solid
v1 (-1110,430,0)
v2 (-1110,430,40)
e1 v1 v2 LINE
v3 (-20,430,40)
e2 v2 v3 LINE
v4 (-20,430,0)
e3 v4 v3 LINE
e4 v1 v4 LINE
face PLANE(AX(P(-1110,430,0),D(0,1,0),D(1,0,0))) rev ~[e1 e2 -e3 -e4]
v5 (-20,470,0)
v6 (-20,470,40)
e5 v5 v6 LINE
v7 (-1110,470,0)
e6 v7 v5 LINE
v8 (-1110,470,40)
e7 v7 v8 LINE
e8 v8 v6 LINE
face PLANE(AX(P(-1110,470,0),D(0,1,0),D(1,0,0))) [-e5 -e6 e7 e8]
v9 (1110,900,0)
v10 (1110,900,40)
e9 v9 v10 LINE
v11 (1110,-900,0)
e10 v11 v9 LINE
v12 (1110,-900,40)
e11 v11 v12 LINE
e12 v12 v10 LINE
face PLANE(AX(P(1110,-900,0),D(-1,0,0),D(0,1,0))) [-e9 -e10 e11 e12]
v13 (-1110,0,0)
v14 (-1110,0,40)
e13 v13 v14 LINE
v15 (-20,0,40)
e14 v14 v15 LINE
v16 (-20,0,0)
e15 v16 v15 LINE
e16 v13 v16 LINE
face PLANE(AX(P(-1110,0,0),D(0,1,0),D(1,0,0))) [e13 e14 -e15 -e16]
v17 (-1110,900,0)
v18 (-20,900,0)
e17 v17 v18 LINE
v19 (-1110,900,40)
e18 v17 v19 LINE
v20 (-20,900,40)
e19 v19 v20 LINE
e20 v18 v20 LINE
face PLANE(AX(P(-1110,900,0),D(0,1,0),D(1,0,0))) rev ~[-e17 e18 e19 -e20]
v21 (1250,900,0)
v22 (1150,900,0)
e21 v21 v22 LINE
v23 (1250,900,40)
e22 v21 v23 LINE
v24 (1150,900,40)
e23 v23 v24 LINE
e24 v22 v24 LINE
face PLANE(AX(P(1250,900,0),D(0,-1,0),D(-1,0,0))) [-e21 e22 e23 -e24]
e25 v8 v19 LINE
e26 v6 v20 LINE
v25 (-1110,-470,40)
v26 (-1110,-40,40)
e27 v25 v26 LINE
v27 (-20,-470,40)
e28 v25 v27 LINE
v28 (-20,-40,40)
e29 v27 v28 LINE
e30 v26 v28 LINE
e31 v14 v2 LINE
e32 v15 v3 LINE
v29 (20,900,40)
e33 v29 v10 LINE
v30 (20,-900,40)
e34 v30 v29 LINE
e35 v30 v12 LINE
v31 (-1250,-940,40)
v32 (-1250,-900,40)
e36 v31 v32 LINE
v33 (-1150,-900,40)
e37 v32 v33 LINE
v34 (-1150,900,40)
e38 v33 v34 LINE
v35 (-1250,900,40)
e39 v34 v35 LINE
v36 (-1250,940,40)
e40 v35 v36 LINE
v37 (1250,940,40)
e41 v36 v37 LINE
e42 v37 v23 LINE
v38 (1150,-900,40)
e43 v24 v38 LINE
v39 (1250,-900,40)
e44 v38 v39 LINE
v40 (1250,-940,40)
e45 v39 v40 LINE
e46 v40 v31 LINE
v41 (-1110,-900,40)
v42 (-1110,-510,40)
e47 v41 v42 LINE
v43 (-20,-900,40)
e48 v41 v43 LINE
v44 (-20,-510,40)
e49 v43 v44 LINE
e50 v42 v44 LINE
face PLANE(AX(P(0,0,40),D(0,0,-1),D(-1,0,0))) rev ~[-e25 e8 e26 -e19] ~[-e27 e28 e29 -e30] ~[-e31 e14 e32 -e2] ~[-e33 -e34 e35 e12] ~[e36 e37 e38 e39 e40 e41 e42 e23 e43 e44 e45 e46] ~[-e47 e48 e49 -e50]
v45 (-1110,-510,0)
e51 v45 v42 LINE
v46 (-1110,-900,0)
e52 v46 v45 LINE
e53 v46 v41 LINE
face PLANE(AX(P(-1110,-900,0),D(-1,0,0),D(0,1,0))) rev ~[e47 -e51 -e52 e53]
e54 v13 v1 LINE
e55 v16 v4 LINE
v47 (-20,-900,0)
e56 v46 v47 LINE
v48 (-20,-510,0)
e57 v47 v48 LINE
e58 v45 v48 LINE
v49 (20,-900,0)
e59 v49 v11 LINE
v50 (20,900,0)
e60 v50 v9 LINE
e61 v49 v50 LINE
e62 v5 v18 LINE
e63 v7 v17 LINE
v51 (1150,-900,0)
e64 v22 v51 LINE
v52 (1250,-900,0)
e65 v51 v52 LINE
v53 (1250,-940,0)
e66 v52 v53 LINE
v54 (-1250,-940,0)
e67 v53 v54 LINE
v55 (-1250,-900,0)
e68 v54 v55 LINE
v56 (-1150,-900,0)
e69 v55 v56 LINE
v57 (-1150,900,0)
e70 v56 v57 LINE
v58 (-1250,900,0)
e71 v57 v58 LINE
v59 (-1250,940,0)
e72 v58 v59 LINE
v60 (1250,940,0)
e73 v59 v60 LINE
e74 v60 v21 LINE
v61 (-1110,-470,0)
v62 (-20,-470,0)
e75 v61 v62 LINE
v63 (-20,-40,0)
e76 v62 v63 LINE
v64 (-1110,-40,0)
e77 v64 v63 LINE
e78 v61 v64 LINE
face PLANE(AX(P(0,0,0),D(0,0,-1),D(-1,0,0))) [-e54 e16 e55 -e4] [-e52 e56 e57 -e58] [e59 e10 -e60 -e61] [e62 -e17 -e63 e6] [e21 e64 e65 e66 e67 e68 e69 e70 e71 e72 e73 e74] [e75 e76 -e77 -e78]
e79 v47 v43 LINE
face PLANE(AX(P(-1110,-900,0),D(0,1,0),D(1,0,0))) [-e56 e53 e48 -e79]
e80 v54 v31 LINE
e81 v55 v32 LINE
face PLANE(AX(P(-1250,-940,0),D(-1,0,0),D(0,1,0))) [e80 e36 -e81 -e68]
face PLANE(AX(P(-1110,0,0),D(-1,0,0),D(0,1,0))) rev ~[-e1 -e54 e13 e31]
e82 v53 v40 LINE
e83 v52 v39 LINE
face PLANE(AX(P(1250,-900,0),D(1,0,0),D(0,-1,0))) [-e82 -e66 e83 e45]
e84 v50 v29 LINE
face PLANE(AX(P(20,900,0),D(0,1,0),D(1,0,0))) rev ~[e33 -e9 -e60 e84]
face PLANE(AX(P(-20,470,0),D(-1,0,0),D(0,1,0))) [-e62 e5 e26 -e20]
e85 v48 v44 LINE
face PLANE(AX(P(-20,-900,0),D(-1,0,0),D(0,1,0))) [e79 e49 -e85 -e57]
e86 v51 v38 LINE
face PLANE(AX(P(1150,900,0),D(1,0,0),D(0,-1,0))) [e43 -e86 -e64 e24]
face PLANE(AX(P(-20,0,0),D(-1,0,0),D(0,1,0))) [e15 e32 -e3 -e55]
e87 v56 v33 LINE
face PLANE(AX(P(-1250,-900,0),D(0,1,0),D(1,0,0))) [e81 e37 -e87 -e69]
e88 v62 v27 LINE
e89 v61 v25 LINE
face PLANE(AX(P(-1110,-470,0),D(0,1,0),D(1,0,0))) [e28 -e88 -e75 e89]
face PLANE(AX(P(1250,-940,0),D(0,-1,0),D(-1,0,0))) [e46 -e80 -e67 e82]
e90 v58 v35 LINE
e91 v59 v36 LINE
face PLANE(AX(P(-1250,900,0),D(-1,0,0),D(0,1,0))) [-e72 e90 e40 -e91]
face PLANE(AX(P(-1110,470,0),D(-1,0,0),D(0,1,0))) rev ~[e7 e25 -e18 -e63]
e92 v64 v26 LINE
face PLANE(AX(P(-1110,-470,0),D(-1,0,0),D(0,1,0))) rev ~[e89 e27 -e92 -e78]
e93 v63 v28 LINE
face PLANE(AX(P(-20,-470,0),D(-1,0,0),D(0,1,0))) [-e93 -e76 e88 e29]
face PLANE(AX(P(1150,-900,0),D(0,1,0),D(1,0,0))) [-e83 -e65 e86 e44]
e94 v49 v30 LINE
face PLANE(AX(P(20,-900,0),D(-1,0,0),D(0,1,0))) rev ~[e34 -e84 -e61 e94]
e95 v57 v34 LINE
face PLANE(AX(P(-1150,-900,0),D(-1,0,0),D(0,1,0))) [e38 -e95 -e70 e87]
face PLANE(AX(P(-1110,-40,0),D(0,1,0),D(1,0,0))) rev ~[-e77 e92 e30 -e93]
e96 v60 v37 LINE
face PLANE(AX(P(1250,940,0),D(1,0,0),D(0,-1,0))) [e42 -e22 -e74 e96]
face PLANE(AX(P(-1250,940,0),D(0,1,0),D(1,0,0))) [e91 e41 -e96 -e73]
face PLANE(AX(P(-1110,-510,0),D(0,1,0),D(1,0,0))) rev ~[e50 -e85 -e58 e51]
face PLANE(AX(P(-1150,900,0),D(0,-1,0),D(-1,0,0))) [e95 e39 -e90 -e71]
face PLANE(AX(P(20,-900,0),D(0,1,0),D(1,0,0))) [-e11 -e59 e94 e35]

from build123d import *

# Parameters (mm, degrees)
SKETCH_W   = 1090
SKETCH_H   = 430
SKETCH_H_2 = 1800
SKETCH_H_3 = 390
PAD_DEPTH  = 40


with BuildPart() as part:
    # Sketch → Pad (new body)
    with BuildSketch(Plane.XY):
        Polygon((-1250, 940), (1250, 940), (1250, 900), (1150, 900), (1150, -900), (1250, -900), (1250, -940), (-1250, -940), (-1250, -900), (-1150, -900), (-1150, 900), (-1250, 900), align=None)
        with Locations((-565, 685)):
            Rectangle(SKETCH_W, SKETCH_H, mode=Mode.SUBTRACT)
        with Locations((565, 0)):
            Rectangle(SKETCH_W, SKETCH_H_2, mode=Mode.SUBTRACT)
        with Locations((-565, -705)):
            Rectangle(SKETCH_W, SKETCH_H_3, mode=Mode.SUBTRACT)
        with Locations((-565, 215)):
            Rectangle(SKETCH_W, SKETCH_H, mode=Mode.SUBTRACT)
        with Locations((-565, -255)):
            Rectangle(SKETCH_W, SKETCH_H, mode=Mode.SUBTRACT)
    extrude(amount=PAD_DEPTH)


solid = part.part
